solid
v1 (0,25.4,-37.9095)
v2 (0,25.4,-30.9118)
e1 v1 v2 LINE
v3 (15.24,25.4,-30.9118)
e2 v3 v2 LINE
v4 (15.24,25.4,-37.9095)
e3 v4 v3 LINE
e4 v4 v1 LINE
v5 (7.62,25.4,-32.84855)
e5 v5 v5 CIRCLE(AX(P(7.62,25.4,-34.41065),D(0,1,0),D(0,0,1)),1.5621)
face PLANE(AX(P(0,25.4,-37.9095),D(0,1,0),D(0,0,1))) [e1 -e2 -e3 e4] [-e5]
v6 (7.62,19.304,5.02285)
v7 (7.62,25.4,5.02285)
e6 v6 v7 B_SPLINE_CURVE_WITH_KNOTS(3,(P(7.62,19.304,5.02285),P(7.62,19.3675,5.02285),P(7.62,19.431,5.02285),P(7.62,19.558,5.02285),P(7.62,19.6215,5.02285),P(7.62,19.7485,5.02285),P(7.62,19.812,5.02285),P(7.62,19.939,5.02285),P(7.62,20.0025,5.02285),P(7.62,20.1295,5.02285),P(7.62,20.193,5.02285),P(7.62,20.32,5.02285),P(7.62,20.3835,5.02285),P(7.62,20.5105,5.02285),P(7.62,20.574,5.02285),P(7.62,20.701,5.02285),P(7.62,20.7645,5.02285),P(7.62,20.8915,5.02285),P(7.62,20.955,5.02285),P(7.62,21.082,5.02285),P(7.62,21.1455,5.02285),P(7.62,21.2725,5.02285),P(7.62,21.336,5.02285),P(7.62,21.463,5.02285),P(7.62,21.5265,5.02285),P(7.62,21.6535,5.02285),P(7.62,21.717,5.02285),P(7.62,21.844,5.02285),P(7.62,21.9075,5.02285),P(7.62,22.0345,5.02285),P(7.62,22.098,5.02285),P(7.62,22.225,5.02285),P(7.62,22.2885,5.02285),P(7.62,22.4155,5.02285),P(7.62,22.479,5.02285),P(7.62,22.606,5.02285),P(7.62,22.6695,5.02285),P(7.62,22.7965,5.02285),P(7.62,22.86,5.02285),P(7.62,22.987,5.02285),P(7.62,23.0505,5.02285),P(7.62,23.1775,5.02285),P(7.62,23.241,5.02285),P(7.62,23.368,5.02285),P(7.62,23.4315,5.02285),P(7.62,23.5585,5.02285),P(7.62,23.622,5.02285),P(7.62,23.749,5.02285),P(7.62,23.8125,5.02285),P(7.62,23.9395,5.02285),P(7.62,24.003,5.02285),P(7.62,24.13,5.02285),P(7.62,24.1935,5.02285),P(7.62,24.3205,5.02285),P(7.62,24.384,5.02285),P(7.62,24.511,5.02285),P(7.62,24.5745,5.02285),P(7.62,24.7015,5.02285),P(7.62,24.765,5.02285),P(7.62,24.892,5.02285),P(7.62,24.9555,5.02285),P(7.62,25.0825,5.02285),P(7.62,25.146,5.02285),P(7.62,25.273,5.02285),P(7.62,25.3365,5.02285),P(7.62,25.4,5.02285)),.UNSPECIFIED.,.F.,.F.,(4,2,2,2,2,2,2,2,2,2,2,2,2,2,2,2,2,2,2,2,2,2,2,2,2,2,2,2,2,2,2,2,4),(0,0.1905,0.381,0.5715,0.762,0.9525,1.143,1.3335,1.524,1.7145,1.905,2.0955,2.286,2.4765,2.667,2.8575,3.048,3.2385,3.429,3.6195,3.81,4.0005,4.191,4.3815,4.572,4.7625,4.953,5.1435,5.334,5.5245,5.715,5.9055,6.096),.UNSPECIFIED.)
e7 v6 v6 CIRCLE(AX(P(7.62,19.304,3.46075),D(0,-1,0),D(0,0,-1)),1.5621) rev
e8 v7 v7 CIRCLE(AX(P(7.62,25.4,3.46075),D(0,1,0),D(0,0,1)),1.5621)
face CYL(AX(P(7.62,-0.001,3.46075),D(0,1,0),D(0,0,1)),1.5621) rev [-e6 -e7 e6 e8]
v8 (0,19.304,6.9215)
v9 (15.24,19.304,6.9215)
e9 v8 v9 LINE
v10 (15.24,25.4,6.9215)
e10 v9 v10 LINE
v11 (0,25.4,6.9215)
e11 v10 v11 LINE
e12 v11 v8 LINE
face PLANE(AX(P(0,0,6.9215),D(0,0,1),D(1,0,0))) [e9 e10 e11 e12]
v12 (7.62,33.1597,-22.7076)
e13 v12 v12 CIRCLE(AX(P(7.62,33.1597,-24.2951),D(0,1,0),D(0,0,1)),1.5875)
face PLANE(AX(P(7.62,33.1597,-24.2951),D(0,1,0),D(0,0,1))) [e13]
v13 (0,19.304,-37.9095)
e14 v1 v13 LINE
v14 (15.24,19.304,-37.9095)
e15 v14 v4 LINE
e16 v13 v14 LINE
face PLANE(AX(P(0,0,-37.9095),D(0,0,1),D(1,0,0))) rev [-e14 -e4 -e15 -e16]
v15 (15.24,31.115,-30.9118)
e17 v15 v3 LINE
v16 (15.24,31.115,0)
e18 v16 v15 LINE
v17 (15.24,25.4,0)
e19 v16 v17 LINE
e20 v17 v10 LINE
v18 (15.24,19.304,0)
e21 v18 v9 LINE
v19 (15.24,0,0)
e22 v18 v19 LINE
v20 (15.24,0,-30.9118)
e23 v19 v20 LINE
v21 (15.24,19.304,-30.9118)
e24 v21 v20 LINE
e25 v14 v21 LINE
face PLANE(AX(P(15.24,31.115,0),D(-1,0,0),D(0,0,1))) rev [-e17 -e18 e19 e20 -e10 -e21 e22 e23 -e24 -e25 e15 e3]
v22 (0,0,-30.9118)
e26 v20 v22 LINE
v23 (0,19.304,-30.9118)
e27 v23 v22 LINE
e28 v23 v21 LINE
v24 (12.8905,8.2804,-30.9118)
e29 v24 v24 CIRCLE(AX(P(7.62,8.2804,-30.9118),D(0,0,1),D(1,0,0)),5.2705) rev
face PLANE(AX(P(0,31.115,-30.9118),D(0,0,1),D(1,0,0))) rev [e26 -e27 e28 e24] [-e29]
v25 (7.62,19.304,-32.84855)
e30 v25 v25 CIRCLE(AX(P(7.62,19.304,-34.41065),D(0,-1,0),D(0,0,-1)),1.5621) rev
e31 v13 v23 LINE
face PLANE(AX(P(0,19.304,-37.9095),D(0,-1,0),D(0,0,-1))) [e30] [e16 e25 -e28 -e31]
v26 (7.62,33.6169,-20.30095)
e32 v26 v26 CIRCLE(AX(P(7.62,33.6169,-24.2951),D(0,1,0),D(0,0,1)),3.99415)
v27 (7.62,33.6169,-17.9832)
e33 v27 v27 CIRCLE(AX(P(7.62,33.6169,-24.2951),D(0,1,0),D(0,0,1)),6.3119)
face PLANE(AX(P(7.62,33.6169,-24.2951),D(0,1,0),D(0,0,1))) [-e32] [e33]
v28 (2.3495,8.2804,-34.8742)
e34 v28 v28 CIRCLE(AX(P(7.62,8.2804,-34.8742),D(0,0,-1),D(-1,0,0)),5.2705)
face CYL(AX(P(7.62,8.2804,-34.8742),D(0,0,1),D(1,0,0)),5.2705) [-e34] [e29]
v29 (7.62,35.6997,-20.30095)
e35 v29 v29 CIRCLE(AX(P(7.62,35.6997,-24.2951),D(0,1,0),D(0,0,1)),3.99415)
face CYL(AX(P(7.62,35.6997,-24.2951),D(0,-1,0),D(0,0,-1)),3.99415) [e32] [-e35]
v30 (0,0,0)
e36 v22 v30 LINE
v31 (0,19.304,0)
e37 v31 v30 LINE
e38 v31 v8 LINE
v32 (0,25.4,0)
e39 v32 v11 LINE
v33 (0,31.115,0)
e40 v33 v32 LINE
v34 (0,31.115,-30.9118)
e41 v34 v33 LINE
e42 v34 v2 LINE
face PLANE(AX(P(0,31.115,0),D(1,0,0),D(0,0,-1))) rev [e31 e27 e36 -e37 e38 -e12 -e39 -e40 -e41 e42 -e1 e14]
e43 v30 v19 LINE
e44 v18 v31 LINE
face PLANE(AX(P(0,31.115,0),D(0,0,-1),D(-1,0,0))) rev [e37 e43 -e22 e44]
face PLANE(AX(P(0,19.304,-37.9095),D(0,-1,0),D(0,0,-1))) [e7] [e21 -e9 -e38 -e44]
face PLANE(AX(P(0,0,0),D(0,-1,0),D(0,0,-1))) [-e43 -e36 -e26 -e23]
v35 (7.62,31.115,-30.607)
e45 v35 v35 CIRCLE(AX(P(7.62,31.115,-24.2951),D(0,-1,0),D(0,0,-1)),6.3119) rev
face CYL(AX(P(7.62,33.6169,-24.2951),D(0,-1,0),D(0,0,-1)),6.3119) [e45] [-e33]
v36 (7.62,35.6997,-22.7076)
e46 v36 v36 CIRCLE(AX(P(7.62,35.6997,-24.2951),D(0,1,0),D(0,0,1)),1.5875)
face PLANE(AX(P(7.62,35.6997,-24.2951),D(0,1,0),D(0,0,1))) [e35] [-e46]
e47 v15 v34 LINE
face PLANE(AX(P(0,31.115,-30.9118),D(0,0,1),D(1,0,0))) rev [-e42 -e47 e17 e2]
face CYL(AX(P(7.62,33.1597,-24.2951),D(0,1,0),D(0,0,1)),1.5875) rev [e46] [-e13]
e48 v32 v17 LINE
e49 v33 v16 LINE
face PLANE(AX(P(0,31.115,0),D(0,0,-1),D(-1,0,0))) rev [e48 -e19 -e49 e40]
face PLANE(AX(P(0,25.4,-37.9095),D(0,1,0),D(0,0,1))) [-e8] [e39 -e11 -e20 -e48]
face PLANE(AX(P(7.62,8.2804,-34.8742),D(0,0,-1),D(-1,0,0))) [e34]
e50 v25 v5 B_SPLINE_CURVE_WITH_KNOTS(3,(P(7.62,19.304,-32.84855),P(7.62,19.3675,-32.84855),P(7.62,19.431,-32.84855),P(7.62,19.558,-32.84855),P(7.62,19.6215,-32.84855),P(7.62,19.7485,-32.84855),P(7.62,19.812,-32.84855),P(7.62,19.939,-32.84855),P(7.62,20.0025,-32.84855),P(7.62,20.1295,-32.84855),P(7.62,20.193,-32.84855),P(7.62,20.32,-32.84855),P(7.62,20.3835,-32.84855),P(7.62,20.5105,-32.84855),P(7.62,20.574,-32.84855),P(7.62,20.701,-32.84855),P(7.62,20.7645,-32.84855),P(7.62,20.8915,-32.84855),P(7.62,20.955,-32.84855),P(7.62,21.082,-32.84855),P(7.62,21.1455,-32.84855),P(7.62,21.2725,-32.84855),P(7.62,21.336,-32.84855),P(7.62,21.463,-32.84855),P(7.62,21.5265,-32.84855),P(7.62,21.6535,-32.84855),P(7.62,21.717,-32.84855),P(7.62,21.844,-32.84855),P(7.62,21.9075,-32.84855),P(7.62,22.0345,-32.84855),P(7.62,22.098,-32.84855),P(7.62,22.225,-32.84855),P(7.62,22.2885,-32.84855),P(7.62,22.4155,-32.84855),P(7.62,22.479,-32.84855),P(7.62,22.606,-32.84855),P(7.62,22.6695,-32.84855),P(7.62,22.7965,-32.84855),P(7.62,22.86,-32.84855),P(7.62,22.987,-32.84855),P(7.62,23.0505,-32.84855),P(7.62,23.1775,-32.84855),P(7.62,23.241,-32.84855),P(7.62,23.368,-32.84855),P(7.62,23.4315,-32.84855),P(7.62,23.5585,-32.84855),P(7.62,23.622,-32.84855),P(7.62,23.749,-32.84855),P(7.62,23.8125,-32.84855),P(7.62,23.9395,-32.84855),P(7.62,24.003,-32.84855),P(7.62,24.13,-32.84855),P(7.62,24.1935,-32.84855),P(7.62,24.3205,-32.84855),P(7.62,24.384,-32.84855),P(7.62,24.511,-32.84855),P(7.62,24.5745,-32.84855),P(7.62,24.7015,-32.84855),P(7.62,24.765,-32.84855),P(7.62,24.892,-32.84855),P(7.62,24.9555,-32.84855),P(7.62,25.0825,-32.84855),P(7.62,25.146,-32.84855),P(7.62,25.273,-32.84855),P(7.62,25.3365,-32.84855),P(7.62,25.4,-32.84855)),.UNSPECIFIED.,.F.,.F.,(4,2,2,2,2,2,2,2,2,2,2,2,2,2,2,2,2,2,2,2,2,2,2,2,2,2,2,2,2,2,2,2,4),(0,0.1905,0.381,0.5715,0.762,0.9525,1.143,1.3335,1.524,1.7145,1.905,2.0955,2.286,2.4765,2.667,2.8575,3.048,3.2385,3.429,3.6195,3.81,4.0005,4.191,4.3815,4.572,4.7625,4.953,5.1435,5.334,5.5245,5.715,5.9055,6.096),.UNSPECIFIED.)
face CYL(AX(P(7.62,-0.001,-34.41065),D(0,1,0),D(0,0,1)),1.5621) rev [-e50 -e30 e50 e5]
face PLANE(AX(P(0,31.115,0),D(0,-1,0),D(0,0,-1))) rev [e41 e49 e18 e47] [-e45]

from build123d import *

# Parameters (mm, degrees)
SKETCH1_W                = 15.24
SKETCH1_H                = 30.9118
BOSS_EXTRUDE1_DEPTH      = 31.115
BOSS_EXTRUDE2_DEPTH      = 6.9215
BOSS_EXTRUDE2_DEPTH_BACK = 37.9095
SKETCH2_W                = 15.24
SKETCH2_H                = 6.096
SKETCH3_R                = 5.2705
BOSS_EXTRUDE3_DEPTH      = 3.9624
SKETCH4_R                = 6.3119
BOSS_EXTRUDE4_DEPTH      = 2.5019
CUT_EXTRUDE1_REACH       = 50.11
SKETCH8_R                = 1.5621
CUT_EXTRUDE2_REACH       = 50.11
SKETCH9_R                = 1.5621
SKETCH10_R               = 3.99415
BOSS_EXTRUDE5_DEPTH      = 2.0828
SKETCH13_R               = 1.5875
CUT_EXTRUDE3_DEPTH       = 2.54


with BuildPart() as part:
    # Sketch1 → Boss-Extrude1 (new body)
    with BuildSketch(Plane(origin=(0, 0, 0), x_dir=(1, 0, 0), z_dir=(0, 1, 0))):
        with Locations((7.62, 15.4559)):
            Rectangle(SKETCH1_W, SKETCH1_H)
    extrude(amount=BOSS_EXTRUDE1_DEPTH)

    # Sketch2 → Boss-Extrude2 (add, two sides: drawn at the far end of the back side and taken through both)
    with BuildSketch(Plane.XY.offset(-BOSS_EXTRUDE2_DEPTH_BACK)):
        with Locations((7.62, 22.352)):
            Rectangle(SKETCH2_W, SKETCH2_H)
    extrude(amount=BOSS_EXTRUDE2_DEPTH + BOSS_EXTRUDE2_DEPTH_BACK)

    # Sketch3 → Boss-Extrude3 (add)
    with BuildSketch(Plane(origin=(0, 0, -30.9118), x_dir=(-1, 0, 0), z_dir=(0, 0, -1))):
        with Locations(Location((-7.62, 8.2804, 0), (0, 0, 180))):
            Circle(SKETCH3_R)
    extrude(amount=BOSS_EXTRUDE3_DEPTH)

    # Sketch4 → Boss-Extrude4 (add)
    with BuildSketch(Plane(origin=(0, 31.115, 0), x_dir=(1, 0, 0), z_dir=(0, 1, 0))):
        with Locations(Location((7.62, 24.2951, 0), (0, 0, 90))):
            Circle(SKETCH4_R)
    extrude(amount=BOSS_EXTRUDE4_DEPTH)

    # Sketch8 → Cut-Extrude1 (cut, up to next)
    with BuildSketch(Plane(origin=(0, 25.4, 0), x_dir=(1, 0, 0), z_dir=(0, 1, 0)), mode=Mode.PRIVATE) as cut_extrude1_sk1:
        with Locations(Location((7.62, -3.46075, 0), (0, 0, 270))):
            Circle(SKETCH8_R)
    cut_extrude1_tool1 = extrude(cut_extrude1_sk1.sketch, amount=-CUT_EXTRUDE1_REACH, mode=Mode.PRIVATE) & part.part
    add(cut_extrude1_tool1.solids().sort_by_distance((7.62, 25.4, 3.46075))[0], mode=Mode.SUBTRACT)

    # Sketch9 → Cut-Extrude2 (cut, up to next)
    with BuildSketch(Plane(origin=(0, 25.4, 0), x_dir=(1, 0, 0), z_dir=(0, 1, 0)), mode=Mode.PRIVATE) as cut_extrude2_sk1:
        with Locations(Location((7.62, 34.41065, 0), (0, 0, 270))):
            Circle(SKETCH9_R)
    cut_extrude2_tool1 = extrude(cut_extrude2_sk1.sketch, amount=-CUT_EXTRUDE2_REACH, mode=Mode.PRIVATE) & part.part
    add(cut_extrude2_tool1.solids().sort_by_distance((7.62, 25.4, -34.41065))[0], mode=Mode.SUBTRACT)

    # Sketch10 → Boss-Extrude5 (add)
    with BuildSketch(Plane(origin=(0, 33.6169, 0), x_dir=(1, 0, 0), z_dir=(0, 1, 0))):
        with Locations(Location((7.62, 24.2951, 0), (0, 0, 270))):
            Circle(SKETCH10_R)
    extrude(amount=BOSS_EXTRUDE5_DEPTH)

    # Sketch13 → Cut-Extrude3 (cut)
    with BuildSketch(Plane(origin=(0, 35.6997, 0), x_dir=(1, 0, 0), z_dir=(0, 1, 0))):
        with Locations(Location((7.62, 24.2951, 0), (0, 0, 270))):
            Circle(SKETCH13_R)
    extrude(amount=-CUT_EXTRUDE3_DEPTH, mode=Mode.SUBTRACT)


solid = part.part
